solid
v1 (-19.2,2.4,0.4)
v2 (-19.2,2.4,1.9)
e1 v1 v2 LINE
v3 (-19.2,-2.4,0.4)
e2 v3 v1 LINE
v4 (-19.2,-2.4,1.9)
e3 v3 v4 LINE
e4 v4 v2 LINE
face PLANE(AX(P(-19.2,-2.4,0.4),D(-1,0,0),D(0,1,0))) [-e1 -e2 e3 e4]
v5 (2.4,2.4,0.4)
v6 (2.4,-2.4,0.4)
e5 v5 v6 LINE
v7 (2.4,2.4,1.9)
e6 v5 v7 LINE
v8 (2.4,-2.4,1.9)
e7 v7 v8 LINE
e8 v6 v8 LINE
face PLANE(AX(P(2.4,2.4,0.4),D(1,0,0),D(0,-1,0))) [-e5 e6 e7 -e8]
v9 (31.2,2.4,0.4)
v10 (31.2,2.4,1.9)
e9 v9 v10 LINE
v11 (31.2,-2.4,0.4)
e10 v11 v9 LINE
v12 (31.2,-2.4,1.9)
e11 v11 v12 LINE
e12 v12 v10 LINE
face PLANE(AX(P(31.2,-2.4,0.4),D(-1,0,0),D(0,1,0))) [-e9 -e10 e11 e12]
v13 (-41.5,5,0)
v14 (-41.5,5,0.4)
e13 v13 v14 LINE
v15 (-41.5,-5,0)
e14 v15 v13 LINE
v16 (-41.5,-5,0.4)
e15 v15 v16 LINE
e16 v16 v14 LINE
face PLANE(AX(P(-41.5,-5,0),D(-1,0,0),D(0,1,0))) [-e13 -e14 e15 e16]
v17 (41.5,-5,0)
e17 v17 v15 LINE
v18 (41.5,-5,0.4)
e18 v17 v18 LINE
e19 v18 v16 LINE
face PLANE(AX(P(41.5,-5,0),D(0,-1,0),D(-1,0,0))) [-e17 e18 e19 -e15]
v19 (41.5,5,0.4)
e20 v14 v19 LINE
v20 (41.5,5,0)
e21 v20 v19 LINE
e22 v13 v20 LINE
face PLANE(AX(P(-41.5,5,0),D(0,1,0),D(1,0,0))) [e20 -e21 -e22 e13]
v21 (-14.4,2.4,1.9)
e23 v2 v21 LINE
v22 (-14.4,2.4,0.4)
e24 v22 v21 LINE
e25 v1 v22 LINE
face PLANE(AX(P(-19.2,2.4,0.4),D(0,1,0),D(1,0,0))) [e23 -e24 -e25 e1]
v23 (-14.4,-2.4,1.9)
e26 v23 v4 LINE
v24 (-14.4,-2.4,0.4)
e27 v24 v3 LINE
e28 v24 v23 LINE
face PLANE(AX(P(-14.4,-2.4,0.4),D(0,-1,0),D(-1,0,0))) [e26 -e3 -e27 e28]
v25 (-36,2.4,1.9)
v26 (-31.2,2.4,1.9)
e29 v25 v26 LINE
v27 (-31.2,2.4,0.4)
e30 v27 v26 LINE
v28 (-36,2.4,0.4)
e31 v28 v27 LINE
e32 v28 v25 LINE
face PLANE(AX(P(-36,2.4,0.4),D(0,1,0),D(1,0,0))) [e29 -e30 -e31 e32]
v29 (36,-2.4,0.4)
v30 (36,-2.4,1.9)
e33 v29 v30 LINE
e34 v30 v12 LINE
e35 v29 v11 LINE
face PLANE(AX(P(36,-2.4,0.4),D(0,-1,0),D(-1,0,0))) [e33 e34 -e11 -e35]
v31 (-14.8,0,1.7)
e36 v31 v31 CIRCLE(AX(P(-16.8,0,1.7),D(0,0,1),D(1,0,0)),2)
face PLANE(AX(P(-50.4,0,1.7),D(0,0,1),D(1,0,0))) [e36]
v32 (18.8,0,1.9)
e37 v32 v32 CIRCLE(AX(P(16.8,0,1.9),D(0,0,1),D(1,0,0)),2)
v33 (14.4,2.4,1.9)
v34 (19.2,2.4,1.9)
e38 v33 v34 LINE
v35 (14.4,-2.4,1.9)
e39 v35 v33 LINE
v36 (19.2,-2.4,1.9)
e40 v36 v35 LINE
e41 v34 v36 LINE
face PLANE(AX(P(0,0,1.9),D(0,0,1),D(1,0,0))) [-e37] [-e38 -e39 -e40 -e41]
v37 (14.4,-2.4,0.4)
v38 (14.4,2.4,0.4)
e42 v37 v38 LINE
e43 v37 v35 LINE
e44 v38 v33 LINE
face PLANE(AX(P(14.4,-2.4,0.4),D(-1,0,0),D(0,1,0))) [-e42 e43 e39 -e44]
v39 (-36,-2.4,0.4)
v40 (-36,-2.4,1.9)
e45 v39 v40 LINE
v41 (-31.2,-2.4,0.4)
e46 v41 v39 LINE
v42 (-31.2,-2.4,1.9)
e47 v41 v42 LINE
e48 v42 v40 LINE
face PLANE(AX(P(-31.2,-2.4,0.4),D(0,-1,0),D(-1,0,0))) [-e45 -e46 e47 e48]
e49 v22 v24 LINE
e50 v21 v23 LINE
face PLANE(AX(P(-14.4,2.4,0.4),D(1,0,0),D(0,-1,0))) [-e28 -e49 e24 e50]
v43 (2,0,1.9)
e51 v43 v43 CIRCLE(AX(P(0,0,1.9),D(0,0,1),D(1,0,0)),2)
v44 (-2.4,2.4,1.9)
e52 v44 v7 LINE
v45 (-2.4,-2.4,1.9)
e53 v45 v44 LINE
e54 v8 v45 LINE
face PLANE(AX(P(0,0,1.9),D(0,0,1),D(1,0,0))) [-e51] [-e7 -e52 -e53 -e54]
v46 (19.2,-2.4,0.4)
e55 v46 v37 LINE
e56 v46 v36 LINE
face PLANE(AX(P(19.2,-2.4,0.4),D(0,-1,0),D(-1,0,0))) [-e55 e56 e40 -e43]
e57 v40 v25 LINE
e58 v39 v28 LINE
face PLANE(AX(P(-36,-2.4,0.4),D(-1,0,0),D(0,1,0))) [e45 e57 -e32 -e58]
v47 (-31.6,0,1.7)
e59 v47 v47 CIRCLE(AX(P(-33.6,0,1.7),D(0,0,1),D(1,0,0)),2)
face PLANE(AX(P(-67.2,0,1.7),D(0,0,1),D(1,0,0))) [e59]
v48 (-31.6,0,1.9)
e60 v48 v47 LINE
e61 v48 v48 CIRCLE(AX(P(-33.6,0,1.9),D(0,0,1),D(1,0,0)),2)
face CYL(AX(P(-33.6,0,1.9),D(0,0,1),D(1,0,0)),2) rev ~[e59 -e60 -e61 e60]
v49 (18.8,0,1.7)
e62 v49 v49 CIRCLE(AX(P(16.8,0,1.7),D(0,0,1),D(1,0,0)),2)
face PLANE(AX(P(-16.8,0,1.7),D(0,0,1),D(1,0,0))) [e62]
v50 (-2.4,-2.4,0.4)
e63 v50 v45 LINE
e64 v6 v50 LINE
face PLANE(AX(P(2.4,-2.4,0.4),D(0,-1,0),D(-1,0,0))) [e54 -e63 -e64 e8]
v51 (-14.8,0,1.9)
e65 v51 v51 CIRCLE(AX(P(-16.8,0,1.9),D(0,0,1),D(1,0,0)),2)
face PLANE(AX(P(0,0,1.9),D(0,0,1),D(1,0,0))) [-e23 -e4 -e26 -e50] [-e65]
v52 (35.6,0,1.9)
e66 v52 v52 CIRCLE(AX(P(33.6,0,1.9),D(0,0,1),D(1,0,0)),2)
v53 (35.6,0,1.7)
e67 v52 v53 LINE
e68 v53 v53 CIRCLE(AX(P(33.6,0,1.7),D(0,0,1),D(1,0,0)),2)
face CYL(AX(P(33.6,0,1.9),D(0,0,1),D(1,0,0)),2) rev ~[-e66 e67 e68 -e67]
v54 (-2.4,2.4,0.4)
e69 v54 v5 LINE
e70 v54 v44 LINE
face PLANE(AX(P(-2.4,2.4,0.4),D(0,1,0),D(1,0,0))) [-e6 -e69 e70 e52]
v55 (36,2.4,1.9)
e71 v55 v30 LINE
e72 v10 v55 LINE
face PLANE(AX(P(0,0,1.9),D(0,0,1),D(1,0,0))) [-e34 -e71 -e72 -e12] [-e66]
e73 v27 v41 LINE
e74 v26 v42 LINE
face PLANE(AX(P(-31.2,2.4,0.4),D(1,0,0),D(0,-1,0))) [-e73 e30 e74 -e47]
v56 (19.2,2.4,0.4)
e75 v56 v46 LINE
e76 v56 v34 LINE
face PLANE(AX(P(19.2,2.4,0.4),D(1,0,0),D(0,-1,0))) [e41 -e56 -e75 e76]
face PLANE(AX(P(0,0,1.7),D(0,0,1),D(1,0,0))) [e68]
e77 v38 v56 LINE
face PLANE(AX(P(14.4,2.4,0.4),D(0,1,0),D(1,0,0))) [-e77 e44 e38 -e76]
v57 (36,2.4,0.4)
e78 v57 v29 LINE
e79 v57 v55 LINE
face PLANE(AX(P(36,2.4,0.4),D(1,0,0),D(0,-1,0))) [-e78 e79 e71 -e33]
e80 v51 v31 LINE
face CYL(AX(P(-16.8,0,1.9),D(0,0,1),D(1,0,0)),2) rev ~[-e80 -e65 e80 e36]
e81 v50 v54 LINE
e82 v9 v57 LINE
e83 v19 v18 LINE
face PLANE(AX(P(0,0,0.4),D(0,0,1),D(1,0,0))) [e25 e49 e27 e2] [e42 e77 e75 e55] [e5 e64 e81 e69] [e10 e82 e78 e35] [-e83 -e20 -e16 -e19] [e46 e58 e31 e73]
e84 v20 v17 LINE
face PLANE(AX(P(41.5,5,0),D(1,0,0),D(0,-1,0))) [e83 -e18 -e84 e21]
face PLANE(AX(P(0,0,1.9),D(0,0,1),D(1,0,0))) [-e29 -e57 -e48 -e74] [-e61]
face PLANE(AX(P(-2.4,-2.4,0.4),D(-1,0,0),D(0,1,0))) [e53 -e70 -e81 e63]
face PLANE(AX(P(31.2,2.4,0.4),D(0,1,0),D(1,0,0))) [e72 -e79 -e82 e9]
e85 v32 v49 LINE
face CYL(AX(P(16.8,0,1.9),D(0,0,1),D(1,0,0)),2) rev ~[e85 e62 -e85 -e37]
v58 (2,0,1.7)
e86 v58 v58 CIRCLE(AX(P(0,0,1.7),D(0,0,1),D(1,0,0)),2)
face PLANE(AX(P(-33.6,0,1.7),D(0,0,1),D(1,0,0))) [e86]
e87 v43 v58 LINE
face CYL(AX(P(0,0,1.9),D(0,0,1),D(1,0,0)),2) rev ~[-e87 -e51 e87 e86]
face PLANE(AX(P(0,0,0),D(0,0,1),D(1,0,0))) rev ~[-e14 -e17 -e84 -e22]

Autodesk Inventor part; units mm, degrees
ref_plane "YZ Plane" through (0, 0, 0) normal (1, 0, 0) x (0, 1, 0)
ref_plane "XZ Plane" through (0, 0, 0) normal (0, 1, 0) x (-1, 0, 0)
ref_plane "XY Plane" through (0, 0, 0) normal (0, 0, 1) x (1, 0, 0)
sketch "Sketch1" plane through (0, 0, 0) normal (0, 0, 1) x (1, 0, 0)
  line L0 (-41.5, 5) -> (41.5, 5)
  line L1 (41.5, 5) -> (41.5, -5)
  line L2 (41.5, -5) -> (-41.5, -5)
  line L3 (-41.5, -5) -> (-41.5, 5)
  line L4 (-41.5, 5) -> (41.5, -5) construction
  line L5 (41.5, 5) -> (-41.5, -5) construction
  point P0 (0, 0)
  dimension "d0" = 83
  dimension "d1" = 10
extrude "Extrusion1" add sketch "Sketch1" along normal blind 0.4
sketch "Sketch2" plane through (0, 0, 0.4) normal (0, 0, 1) x (1, 0, 0)
  line L0 (31.2, 2.4) -> (36, 2.4)
  line L1 (36, 2.4) -> (36, -2.4)
  line L2 (36, -2.4) -> (31.2, -2.4)
  line L3 (31.2, -2.4) -> (31.2, 2.4)
  line L4 (31.2, 2.4) -> (36, -2.4) construction
  line L5 (36, 2.4) -> (31.2, -2.4) construction
  line L6 (-41.5, 5) -> (-41.5, -5) projected
  line L7 (41.5, -5) -> (41.5, 5) projected
  line L8 (14.4, 2.4) -> (19.2, 2.4)
  line L9 (19.2, 2.4) -> (19.2, -2.4)
  line L10 (19.2, -2.4) -> (14.4, -2.4)
  line L11 (14.4, -2.4) -> (14.4, 2.4)
  line L12 (14.4, 2.4) -> (19.2, -2.4) construction
  line L13 (19.2, 2.4) -> (14.4, -2.4) construction
  line L14 (-2.4, 2.4) -> (2.4, 2.4)
  line L15 (2.4, 2.4) -> (2.4, -2.4)
  line L16 (2.4, -2.4) -> (-2.4, -2.4)
  line L17 (-2.4, -2.4) -> (-2.4, 2.4)
  line L18 (-2.4, 2.4) -> (2.4, -2.4) construction
  line L19 (2.4, 2.4) -> (-2.4, -2.4) construction
  line L20 (-19.2, 2.4) -> (-14.4, 2.4)
  line L21 (-14.4, 2.4) -> (-14.4, -2.4)
  line L22 (-14.4, -2.4) -> (-19.2, -2.4)
  line L23 (-19.2, -2.4) -> (-19.2, 2.4)
  line L24 (-19.2, 2.4) -> (-14.4, -2.4) construction
  line L25 (-14.4, 2.4) -> (-19.2, -2.4) construction
  line L26 (-36, 2.4) -> (-31.2, 2.4)
  line L27 (-31.2, 2.4) -> (-31.2, -2.4)
  line L28 (-31.2, -2.4) -> (-36, -2.4)
  line L29 (-36, -2.4) -> (-36, 2.4)
  line L30 (-36, 2.4) -> (-31.2, -2.4) construction
  line L31 (-31.2, 2.4) -> (-36, -2.4) construction
  point P0 (0, 0)
  point P1 (33.6, 0)
  point P2 (33.6, 0)
  point P3 (-41.5, 0)
  point P4 (16.8, 0)
  point P5 (16.8, 0)
  point P6 (0, 0)
  point P7 (0, 0)
  point P8 (-16.8, 0)
  point P9 (-16.8, 0)
  point P10 (-33.6, 0)
  point P11 (-33.6, 0)
  dimension "d4" = 4.8
  dimension "d5" = 4.8
  dimension "d6" = 5.5
  dimension "d9" = 16.8
extrude "Extrusion2" add sketch "Sketch2" along normal blind 1.5
sketch "Sketch3" plane through (0, 0, 1.9) normal (0, 0, 1) x (1, 0, 0)
  circle A0 centre (33.6, 0) radius 2
  line L0 (36, -2.4) -> (36, 2.4) projected
  line L1 (36, 2.4) -> (31.2, 2.4) projected
  point P0 (0, 0)
  point P1 (36, 0)
  point P2 (33.6, 2.4)
  dimension "d16" = 4
extrude "Extrusion3" cut sketch "Sketch3" against normal blind 0.2
pattern_linear "Rectangular Pattern1" count 5 spacing 16.8 along (-1, 0, 0) of "Extrusion3"
properties part number "LEDStrip 5x"
